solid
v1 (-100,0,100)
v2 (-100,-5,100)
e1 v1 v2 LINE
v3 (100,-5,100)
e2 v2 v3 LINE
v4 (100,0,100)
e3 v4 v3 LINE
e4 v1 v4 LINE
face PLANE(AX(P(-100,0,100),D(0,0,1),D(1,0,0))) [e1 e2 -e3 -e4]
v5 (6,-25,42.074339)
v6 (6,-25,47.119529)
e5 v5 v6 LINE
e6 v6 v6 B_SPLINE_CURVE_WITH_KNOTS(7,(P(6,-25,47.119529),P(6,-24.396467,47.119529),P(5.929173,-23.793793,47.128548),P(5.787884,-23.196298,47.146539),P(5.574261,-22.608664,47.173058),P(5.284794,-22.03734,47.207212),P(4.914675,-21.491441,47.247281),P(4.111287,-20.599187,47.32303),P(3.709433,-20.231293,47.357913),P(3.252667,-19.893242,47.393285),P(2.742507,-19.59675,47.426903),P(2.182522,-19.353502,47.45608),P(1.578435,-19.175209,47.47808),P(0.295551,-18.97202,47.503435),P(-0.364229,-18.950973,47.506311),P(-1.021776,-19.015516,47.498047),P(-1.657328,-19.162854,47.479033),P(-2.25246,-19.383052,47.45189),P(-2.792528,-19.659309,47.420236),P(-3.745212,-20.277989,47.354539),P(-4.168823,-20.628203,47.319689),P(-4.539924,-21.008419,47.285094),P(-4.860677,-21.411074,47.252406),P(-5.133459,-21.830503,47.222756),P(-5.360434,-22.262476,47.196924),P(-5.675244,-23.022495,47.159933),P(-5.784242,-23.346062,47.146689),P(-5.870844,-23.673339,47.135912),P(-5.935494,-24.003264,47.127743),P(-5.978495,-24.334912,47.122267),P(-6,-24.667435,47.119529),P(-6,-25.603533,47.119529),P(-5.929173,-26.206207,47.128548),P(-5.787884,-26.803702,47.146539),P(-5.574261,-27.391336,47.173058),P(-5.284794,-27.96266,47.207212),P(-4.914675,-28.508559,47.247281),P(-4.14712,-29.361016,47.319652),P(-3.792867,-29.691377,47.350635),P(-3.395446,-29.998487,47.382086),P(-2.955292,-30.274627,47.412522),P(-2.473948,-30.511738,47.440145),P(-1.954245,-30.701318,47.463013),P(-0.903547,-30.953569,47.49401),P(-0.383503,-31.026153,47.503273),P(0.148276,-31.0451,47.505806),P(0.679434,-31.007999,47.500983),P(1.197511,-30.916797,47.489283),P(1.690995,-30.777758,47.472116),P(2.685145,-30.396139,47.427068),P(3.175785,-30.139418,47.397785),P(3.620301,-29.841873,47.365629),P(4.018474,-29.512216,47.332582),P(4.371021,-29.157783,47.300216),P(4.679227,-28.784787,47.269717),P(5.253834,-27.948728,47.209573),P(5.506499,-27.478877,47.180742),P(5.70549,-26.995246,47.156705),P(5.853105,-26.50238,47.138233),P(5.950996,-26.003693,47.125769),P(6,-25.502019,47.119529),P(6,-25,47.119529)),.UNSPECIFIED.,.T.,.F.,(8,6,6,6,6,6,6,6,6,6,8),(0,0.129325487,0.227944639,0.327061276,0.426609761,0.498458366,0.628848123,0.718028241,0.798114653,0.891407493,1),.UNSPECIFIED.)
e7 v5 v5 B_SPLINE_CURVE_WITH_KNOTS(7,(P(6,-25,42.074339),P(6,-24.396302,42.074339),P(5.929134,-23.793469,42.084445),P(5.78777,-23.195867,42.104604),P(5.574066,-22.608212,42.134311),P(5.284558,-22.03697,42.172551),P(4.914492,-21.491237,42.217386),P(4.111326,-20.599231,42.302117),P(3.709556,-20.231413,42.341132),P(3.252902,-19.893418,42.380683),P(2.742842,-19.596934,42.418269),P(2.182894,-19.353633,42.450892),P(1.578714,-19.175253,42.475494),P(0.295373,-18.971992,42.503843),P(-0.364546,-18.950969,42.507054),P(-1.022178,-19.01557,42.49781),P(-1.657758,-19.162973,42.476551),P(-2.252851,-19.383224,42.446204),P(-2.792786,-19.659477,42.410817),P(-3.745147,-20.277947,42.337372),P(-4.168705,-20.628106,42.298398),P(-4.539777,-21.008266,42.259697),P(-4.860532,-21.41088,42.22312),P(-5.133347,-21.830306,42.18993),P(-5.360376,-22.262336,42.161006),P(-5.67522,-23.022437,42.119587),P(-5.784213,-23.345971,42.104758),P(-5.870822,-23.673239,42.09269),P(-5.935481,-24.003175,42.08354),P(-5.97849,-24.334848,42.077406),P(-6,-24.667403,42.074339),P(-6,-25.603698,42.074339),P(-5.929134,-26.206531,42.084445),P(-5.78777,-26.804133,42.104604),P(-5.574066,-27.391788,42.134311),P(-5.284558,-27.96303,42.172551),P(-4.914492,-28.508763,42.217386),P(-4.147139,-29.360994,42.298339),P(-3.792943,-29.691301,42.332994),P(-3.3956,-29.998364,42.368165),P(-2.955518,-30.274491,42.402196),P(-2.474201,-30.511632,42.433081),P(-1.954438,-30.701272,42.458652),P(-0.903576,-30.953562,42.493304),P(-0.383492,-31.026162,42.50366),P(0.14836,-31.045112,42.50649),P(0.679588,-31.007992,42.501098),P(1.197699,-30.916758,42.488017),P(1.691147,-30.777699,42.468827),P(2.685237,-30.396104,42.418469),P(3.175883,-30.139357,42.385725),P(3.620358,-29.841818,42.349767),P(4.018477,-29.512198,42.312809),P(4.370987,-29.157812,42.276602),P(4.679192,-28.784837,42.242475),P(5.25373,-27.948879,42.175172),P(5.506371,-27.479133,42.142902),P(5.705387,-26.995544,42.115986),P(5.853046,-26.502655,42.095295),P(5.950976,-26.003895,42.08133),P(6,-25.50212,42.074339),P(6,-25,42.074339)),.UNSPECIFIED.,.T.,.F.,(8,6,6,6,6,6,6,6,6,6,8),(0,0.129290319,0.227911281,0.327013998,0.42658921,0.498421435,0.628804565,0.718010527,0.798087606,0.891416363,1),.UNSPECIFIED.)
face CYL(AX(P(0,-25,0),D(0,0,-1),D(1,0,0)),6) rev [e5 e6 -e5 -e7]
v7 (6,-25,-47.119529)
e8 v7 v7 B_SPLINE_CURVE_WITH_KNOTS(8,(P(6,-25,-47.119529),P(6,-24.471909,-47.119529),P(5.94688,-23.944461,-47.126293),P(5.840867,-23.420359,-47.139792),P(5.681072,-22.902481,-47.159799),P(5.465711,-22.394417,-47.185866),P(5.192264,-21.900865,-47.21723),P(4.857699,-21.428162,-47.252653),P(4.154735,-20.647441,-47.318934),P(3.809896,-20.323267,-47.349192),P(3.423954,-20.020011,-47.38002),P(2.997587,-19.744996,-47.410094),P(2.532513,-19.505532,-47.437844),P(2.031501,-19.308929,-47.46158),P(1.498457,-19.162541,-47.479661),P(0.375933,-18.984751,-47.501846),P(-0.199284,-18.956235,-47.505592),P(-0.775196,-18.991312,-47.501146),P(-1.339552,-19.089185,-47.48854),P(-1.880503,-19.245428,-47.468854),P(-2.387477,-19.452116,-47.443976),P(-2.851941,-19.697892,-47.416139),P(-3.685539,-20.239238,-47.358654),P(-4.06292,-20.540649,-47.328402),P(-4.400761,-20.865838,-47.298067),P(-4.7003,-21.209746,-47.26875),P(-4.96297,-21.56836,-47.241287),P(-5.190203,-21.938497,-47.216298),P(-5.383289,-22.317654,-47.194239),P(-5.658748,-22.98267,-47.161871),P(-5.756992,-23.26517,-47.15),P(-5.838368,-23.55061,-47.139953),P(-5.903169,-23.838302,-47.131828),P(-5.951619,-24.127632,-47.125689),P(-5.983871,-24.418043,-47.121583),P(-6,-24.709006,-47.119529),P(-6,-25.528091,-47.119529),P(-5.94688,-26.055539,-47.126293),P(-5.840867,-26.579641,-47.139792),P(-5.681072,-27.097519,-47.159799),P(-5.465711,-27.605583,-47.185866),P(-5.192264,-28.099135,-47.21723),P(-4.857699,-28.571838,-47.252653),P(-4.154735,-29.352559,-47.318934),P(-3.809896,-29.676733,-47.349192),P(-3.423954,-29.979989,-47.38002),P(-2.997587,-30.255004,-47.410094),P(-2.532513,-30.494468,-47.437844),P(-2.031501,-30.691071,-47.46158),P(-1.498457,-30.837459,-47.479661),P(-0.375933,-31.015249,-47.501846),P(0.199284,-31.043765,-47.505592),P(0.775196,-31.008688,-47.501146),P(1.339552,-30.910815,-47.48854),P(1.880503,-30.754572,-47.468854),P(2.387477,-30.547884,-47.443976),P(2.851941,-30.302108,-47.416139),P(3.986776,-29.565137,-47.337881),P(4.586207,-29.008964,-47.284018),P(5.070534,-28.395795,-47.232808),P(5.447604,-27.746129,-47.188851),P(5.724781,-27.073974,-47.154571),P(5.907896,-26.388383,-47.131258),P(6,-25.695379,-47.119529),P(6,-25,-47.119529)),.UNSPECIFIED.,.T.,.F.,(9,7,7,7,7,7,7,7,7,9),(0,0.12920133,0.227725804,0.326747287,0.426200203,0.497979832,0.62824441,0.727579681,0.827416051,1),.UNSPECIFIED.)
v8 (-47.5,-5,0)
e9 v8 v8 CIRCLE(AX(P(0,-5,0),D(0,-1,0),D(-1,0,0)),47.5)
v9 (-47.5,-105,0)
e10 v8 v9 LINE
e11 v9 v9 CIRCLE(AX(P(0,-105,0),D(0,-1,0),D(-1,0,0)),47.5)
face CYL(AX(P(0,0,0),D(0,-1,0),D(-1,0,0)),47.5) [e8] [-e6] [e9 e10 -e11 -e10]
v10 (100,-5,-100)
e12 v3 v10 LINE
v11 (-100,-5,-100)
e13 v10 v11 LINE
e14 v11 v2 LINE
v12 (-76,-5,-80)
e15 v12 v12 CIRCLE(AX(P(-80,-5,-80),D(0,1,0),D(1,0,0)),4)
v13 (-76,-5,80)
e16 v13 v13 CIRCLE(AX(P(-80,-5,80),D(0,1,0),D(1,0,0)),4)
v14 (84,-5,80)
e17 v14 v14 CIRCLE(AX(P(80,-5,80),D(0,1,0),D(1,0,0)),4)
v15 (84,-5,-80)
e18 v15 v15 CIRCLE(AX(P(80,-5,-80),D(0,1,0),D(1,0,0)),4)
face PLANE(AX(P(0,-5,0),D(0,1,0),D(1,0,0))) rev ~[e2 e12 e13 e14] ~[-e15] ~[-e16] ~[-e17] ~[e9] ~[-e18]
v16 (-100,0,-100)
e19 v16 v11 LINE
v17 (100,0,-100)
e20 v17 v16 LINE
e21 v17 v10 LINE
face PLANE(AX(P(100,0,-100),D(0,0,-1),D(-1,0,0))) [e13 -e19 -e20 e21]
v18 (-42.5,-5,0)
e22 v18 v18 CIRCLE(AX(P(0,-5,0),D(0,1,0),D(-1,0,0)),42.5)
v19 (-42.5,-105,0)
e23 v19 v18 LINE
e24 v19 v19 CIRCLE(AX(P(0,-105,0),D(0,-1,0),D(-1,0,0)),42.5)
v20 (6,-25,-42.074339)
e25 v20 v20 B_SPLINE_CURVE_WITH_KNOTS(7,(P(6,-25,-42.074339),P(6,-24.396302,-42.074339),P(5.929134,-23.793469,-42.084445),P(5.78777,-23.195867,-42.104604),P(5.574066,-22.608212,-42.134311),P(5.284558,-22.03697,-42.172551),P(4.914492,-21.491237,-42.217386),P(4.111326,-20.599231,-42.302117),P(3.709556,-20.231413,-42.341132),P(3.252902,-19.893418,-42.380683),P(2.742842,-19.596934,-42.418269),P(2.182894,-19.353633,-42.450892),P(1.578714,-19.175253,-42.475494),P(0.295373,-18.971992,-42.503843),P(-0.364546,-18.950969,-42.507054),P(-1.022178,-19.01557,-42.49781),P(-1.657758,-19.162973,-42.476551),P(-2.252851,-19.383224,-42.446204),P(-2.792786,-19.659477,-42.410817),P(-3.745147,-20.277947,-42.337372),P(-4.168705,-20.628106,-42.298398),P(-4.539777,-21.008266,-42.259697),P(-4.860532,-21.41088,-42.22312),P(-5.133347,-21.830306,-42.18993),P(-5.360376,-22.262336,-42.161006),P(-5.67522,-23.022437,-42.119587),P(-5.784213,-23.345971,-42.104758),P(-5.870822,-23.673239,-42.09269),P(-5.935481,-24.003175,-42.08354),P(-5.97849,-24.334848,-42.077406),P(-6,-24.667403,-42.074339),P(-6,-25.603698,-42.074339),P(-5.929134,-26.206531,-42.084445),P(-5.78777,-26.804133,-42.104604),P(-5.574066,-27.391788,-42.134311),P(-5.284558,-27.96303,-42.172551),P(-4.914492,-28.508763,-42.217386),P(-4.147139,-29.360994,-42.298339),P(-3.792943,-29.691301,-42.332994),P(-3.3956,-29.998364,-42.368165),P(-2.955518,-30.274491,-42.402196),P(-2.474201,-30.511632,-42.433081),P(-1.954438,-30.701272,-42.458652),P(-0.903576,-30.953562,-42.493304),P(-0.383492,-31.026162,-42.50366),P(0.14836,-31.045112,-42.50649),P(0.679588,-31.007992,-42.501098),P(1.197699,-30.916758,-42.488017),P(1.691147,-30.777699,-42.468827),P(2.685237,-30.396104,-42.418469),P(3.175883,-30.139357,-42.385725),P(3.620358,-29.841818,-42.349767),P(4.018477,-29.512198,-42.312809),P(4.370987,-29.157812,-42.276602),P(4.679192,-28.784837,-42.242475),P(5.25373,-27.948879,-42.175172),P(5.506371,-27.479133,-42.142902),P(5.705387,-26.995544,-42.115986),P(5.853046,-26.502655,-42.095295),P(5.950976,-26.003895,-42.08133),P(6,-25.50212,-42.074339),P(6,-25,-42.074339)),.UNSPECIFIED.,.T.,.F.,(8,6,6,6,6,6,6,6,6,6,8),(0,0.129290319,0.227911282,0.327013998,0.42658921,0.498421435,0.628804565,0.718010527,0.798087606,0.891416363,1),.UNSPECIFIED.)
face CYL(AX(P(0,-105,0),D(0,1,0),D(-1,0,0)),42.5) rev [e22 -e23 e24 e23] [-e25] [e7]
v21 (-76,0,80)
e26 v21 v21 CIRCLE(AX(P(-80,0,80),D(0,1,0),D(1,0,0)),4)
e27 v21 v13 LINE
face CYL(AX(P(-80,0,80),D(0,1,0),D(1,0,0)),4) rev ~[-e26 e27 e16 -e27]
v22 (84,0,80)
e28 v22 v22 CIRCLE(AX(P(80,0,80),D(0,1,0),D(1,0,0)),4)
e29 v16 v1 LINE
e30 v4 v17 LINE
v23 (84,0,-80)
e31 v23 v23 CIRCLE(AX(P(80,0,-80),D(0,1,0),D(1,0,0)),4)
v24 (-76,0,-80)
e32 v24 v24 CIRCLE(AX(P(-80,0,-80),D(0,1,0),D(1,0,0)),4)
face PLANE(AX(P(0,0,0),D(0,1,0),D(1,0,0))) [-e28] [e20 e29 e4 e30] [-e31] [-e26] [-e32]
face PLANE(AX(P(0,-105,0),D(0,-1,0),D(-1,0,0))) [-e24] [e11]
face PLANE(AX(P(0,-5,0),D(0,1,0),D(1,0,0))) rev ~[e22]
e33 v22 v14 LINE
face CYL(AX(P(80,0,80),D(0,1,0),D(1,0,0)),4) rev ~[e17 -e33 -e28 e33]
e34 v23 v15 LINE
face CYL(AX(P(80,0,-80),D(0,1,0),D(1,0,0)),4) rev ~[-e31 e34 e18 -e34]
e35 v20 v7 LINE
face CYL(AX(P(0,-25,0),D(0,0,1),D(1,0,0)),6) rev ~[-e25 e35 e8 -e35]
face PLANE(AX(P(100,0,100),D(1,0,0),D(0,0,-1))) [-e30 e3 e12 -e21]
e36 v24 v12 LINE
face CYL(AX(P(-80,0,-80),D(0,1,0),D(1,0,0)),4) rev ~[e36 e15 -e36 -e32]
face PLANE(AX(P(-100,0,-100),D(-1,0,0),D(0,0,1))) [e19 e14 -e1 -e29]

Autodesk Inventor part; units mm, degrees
ref_plane "YZ Plane" through (0, 0, 0) normal (1, 0, 0) x (0, 1, 0)
ref_plane "XZ Plane" through (0, 0, 0) normal (0, 1, 0) x (-1, 0, 0)
ref_plane "XY Plane" through (0, 0, 0) normal (0, 0, 1) x (1, 0, 0)
sketch "スケッチ1" plane through (0, 0, 0) normal (0, 0, 1) x (1, 0, 0)
  line L0 (0, 0) -> (0, -111.3423) construction
  line L1 (-42.5, 0) -> (-47.5, 0)
  line L2 (-47.5, 0) -> (-47.5, -105)
  line L3 (-47.5, -105) -> (-42.5, -105)
  line L4 (-42.5, -105) -> (-42.5, 0)
  dimension "d0" = 105
  dimension "d1" = 5
  dimension "d2" = 47.5
revolve "回転1" add sketch "スケッチ1" angle 360 about axis through (0, 0, 0) along (0, -1, 0)
sketch "スケッチ2" plane through (0, 0, 0) normal (0, 1, 0) x (1, 0, 0)
  circle A0 centre (0, 0) radius 42.5 projected
  line L0 (100, 100) -> (-100, 100)
  line L1 (-100, 100) -> (-100, -100)
  line L2 (-100, -100) -> (100, -100)
  line L3 (100, -100) -> (100, 100)
  line L4 (100, 100) -> (-100, -100) construction
  line L5 (-100, 100) -> (100, -100) construction
  circle A1 centre (80, -80) radius 4
  circle A2 centre (80, 80) radius 4
  circle A3 centre (-80, 80) radius 4
  circle A4 centre (-80, -80) radius 4
  dimension "d4" = 200
  dimension "d7" = 8
  dimension "d8" = 20
  dimension "d11" = 360
extrude "押し出し1" add sketch "スケッチ2" against normal blind 5 contours A0 | L3 L2 L1 L0
sketch "スケッチ3" plane through (0, 0, 0) normal (0, 0, 1) x (1, 0, 0)
  circle A0 centre (0, -25) radius 6
  line L0 (42.5, -5) -> (-42.5, -5) projected
  point P0 (0, 0)
  dimension "d13" = 12
  dimension "d14" = 20
extrude "押し出し2" cut sketch "スケッチ3" along normal through all both and the other way through all
properties part number "Wind Trubin Turbine Base"
